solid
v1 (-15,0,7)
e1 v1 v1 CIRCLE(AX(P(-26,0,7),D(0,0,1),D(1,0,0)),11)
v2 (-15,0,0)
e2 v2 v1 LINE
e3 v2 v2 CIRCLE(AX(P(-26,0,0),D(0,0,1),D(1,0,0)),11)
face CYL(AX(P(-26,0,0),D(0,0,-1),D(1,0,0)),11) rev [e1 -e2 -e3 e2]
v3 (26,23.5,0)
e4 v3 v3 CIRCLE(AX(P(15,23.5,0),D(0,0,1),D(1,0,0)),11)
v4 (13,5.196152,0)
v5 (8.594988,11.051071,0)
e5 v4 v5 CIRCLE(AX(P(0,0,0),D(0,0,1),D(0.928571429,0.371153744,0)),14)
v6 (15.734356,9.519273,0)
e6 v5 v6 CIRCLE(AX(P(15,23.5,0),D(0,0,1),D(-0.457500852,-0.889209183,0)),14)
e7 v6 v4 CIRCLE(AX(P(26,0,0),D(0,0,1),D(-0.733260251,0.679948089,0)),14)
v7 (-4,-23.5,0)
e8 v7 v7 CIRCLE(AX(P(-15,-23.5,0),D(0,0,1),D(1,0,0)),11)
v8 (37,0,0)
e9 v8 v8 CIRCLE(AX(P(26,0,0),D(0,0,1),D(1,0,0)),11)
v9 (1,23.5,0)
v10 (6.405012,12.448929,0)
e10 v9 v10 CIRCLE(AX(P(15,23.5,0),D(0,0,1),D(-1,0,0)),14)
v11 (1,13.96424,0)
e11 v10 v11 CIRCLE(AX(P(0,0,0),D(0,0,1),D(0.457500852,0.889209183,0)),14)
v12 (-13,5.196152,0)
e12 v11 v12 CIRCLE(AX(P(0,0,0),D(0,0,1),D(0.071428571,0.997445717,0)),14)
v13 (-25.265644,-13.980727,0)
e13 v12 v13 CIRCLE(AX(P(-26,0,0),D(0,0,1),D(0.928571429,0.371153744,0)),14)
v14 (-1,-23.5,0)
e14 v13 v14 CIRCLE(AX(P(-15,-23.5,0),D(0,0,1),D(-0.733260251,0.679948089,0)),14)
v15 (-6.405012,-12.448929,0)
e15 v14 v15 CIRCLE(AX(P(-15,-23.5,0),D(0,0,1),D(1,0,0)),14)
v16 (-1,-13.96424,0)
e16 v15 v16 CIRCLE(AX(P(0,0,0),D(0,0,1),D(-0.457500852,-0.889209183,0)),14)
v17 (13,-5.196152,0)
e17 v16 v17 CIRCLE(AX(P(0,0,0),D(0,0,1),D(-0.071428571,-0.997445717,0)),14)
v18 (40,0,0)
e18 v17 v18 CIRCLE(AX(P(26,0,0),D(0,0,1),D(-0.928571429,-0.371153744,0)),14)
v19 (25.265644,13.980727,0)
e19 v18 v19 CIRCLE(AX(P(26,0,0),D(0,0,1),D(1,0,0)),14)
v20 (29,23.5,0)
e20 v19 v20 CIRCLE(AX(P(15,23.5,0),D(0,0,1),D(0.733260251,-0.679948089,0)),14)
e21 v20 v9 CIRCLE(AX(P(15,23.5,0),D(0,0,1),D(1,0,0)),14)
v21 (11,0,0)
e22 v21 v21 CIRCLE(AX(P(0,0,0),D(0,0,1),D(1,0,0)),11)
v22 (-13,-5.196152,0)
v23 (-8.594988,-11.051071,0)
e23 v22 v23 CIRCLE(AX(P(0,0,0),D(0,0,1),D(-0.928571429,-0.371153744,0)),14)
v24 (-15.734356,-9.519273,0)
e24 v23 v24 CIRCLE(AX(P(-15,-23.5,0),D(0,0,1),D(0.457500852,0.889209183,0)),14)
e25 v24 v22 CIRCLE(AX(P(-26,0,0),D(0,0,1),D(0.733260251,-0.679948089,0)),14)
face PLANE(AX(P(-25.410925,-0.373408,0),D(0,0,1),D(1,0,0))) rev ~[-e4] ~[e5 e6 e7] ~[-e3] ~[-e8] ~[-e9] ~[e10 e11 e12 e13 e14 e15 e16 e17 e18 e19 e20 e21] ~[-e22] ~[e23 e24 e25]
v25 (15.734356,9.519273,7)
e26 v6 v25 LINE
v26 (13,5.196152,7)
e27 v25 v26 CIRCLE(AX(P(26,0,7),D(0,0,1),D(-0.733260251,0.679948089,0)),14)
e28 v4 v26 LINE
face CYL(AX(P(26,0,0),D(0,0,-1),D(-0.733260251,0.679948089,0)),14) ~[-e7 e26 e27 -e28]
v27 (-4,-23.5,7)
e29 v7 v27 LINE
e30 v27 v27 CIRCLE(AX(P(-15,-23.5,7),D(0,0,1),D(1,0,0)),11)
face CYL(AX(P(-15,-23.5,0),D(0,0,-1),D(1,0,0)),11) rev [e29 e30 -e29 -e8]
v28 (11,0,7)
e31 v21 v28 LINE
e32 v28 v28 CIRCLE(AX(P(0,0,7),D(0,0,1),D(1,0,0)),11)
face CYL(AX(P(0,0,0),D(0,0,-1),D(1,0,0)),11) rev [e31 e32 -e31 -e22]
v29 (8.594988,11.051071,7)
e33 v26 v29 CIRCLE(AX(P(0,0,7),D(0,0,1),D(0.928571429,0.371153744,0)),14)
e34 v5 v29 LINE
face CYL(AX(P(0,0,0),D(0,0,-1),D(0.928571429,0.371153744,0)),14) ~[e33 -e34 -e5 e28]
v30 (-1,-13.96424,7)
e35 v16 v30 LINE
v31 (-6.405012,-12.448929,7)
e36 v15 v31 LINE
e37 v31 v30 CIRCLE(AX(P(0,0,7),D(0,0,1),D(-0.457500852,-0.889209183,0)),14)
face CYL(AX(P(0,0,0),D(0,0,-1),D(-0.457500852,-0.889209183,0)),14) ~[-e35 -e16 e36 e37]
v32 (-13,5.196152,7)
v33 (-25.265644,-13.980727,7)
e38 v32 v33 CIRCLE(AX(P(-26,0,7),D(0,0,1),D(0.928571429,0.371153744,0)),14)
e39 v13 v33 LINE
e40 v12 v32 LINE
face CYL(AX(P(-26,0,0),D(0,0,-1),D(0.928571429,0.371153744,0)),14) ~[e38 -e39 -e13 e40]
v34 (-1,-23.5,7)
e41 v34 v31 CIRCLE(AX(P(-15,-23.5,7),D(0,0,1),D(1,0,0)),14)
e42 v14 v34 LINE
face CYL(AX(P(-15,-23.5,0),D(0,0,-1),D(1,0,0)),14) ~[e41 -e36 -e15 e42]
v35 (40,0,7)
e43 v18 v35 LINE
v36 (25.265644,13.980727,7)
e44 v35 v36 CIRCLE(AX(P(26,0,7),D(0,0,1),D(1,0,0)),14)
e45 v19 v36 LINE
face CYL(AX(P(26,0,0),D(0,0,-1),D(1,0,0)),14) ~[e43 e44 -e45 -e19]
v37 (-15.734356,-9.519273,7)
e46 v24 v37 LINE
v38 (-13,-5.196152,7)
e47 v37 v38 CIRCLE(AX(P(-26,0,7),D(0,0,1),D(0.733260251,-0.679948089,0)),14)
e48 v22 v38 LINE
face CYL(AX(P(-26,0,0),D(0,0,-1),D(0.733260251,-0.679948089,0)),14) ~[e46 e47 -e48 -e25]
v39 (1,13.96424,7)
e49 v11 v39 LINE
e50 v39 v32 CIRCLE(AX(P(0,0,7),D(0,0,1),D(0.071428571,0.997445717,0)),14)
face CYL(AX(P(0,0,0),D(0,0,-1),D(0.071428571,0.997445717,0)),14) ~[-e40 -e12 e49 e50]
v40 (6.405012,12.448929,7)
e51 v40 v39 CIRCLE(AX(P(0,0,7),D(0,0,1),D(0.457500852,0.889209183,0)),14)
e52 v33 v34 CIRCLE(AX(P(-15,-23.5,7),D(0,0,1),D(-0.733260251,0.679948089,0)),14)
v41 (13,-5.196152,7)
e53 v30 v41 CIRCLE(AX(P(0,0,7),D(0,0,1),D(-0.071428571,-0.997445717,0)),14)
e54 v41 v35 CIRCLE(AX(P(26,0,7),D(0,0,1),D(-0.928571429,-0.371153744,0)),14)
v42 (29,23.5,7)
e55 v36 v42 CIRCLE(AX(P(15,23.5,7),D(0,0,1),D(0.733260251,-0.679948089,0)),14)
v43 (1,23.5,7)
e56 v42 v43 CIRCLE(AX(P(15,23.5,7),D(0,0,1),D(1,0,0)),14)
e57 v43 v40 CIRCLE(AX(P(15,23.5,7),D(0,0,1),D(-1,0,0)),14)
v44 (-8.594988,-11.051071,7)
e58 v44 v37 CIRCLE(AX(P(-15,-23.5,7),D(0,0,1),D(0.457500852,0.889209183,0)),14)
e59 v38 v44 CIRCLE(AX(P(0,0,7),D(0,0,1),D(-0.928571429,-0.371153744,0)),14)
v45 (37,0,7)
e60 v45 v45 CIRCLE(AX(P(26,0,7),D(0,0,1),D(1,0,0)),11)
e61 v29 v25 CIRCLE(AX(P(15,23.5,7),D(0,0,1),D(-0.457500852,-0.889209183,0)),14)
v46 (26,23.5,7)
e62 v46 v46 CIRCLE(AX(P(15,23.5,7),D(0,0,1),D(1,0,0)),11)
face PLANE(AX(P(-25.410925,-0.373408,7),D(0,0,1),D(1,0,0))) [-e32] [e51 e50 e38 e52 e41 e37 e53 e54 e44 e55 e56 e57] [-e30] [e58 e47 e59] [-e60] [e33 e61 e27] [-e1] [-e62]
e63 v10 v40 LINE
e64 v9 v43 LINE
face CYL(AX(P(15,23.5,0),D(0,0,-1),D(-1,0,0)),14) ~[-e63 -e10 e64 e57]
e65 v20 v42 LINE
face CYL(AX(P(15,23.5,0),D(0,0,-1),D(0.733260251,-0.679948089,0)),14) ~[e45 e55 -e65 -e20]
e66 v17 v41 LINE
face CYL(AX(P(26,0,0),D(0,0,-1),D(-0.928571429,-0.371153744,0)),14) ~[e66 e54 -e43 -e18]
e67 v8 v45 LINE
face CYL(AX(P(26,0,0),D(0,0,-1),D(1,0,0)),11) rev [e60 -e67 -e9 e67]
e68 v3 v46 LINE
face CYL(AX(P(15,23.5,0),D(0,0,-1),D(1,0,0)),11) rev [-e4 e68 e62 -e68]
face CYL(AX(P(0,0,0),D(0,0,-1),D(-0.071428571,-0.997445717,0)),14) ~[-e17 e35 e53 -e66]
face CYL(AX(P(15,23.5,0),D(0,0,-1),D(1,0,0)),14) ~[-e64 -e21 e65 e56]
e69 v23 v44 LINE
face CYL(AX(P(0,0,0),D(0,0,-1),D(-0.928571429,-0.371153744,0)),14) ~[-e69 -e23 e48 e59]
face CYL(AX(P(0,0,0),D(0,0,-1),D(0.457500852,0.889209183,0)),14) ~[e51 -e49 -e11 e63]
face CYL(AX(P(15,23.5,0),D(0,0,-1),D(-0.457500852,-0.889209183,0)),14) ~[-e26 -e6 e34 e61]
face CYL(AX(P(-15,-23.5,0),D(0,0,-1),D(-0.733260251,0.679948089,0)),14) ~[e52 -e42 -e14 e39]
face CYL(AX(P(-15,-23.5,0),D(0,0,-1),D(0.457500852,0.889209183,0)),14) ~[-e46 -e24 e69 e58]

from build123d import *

# Parameters (mm, degrees)
F0_R     = 11
F1_DEPTH = 7


with BuildPart() as f1:
    # F0 (on Top) → F1 (new body)
    with BuildSketch(Plane.XY):
        with BuildLine():
            ThreePointArc((-13, 5.1961524227), (-37.7939098997, 7.5434534053), (-25.2656435191, -13.9807267536))
            ThreePointArc((-25.2656435191, -13.9807267536), (-20.9351614847, -10.8203368282), (-15.7343564809, -9.5192732464))
            ThreePointArc((-15.7343564809, -9.5192732464), (-14.1680565627, -7.4836564924), (-13, -5.1961524227))
            ThreePointArc((-13, -5.1961524227), (-14, 0), (-13, 5.1961524227))
        make_face()
        with Locations((-26, 0)):
            Circle(F0_R, mode=Mode.SUBTRACT)
        with BuildLine():
            ThreePointArc((-1, -13.9642400438), (7.4310053245, -11.8650815365), (13, -5.1961524227))
            ThreePointArc((13, -5.1961524227), (12, 0), (13, 5.1961524227))
            ThreePointArc((13, 5.1961524227), (11.1873096242, 8.4168939266), (8.5949880704, 11.0510714444))
            ThreePointArc((8.5949880704, 11.0510714444), (7.4675036591, 11.6990890659), (6.4050119296, 12.4489285556))
            ThreePointArc((6.4050119296, 12.4489285556), (3.7792317534, 13.4802599142), (1, 13.9642400438))
            ThreePointArc((1, 13.9642400438), (-7.4310053245, 11.8650815365), (-13, 5.1961524227))
            ThreePointArc((-13, 5.1961524227), (-12.2522729151, 2.6457513111), (-12, 0))
            ThreePointArc((-12, 0), (-12.2522729151, -2.6457513111), (-13, -5.1961524227))
            ThreePointArc((-13, -5.1961524227), (-11.1873096242, -8.4168939266), (-8.5949880704, -11.0510714444))
            ThreePointArc((-8.5949880704, -11.0510714444), (-7.4675036591, -11.6990890659), (-6.4050119296, -12.4489285556))
            ThreePointArc((-6.4050119296, -12.4489285556), (-3.7792317534, -13.4802599142), (-1, -13.9642400438))
        make_face()
        Circle(F0_R, mode=Mode.SUBTRACT)
        with BuildLine():
            ThreePointArc((-12, 0), (-12.2522729151, 2.6457513111), (-13, 5.1961524227))
            ThreePointArc((-13, 5.1961524227), (-14, 0), (-13, -5.1961524227))
            ThreePointArc((-13, -5.1961524227), (-12.2522729151, -2.6457513111), (-12, 0))
        make_face()
        with BuildLine():
            ThreePointArc((-15.7343564809, -9.5192732464), (-20.9351614847, -10.8203368282), (-25.2656435191, -13.9807267536))
            ThreePointArc((-25.2656435191, -13.9807267536), (-20.0648385153, -12.6796631718), (-15.7343564809, -9.5192732464))
        make_face()
        with BuildLine():
            ThreePointArc((-1, -23.5), (-2.4236365951, -17.3489770357), (-6.4050119296, -12.4489285556))
            ThreePointArc((-6.4050119296, -12.4489285556), (-7.5324963409, -11.8009109341), (-8.5949880704, -11.0510714444))
            ThreePointArc((-8.5949880704, -11.0510714444), (-12.0630483943, -9.8115261893), (-15.7343564809, -9.5192732464))
            ThreePointArc((-15.7343564809, -9.5192732464), (-20.0648385153, -12.6796631718), (-25.2656435191, -13.9807267536))
            ThreePointArc((-25.2656435191, -13.9807267536), (-20.1127776567, -36.5330159454), (-1, -23.5))
        make_face()
        with Locations((-15, -23.5)):
            Circle(F0_R, mode=Mode.SUBTRACT)
        with BuildLine():
            ThreePointArc((13, 5.1961524227), (12, 0), (13, -5.1961524227))
            ThreePointArc((13, -5.1961524227), (13.7477270849, -2.6457513111), (14, 0))
            ThreePointArc((14, 0), (13.7477270849, 2.6457513111), (13, 5.1961524227))
        make_face()
        with BuildLine():
            ThreePointArc((13, -5.1961524227), (28.6457513111, -13.7477270849), (40, 0))
            ThreePointArc((40, 0), (35.6363636624, 10.1558109162), (25.2656435191, 13.9807267536))
            ThreePointArc((25.2656435191, 13.9807267536), (20.9351614847, 10.8203368282), (15.7343564809, 9.5192732464))
            ThreePointArc((15.7343564809, 9.5192732464), (14.1680565627, 7.4836564924), (13, 5.1961524227))
            ThreePointArc((13, 5.1961524227), (13.7477270849, 2.6457513111), (14, 0))
            ThreePointArc((14, 0), (13.7477270849, -2.6457513111), (13, -5.1961524227))
        make_face()
        with Locations((26, 0)):
            Circle(F0_R, mode=Mode.SUBTRACT)
        with BuildLine():
            ThreePointArc((15.7343564809, 9.5192732464), (20.0648385153, 12.6796631718), (25.2656435191, 13.9807267536))
            ThreePointArc((25.2656435191, 13.9807267536), (28.0330159454, 18.3872223433), (29, 23.5))
            ThreePointArc((29, 23.5), (15, 37.5), (1, 23.5))
            ThreePointArc((1, 23.5), (2.4236365951, 17.3489770357), (6.4050119296, 12.4489285556))
            ThreePointArc((6.4050119296, 12.4489285556), (7.5324963409, 11.8009109341), (8.5949880704, 11.0510714444))
            ThreePointArc((8.5949880704, 11.0510714444), (12.0630483943, 9.8115261893), (15.7343564809, 9.5192732464))
        make_face()
        with Locations((15, 23.5)):
            Circle(F0_R, mode=Mode.SUBTRACT)
        with BuildLine():
            ThreePointArc((15.7343564809, 9.5192732464), (20.9351614847, 10.8203368282), (25.2656435191, 13.9807267536))
            ThreePointArc((25.2656435191, 13.9807267536), (20.0648385153, 12.6796631718), (15.7343564809, 9.5192732464))
        make_face()
        with BuildLine():
            ThreePointArc((-8.5949880704, -11.0510714444), (-7.5324963409, -11.8009109341), (-6.4050119296, -12.4489285556))
            ThreePointArc((-6.4050119296, -12.4489285556), (-7.4675036591, -11.6990890659), (-8.5949880704, -11.0510714444))
        make_face()
        with BuildLine():
            ThreePointArc((6.4050119296, 12.4489285556), (7.4675036591, 11.6990890659), (8.5949880704, 11.0510714444))
            ThreePointArc((8.5949880704, 11.0510714444), (7.5324963409, 11.8009109341), (6.4050119296, 12.4489285556))
        make_face()
    extrude(amount=F1_DEPTH)


solid = f1.part
